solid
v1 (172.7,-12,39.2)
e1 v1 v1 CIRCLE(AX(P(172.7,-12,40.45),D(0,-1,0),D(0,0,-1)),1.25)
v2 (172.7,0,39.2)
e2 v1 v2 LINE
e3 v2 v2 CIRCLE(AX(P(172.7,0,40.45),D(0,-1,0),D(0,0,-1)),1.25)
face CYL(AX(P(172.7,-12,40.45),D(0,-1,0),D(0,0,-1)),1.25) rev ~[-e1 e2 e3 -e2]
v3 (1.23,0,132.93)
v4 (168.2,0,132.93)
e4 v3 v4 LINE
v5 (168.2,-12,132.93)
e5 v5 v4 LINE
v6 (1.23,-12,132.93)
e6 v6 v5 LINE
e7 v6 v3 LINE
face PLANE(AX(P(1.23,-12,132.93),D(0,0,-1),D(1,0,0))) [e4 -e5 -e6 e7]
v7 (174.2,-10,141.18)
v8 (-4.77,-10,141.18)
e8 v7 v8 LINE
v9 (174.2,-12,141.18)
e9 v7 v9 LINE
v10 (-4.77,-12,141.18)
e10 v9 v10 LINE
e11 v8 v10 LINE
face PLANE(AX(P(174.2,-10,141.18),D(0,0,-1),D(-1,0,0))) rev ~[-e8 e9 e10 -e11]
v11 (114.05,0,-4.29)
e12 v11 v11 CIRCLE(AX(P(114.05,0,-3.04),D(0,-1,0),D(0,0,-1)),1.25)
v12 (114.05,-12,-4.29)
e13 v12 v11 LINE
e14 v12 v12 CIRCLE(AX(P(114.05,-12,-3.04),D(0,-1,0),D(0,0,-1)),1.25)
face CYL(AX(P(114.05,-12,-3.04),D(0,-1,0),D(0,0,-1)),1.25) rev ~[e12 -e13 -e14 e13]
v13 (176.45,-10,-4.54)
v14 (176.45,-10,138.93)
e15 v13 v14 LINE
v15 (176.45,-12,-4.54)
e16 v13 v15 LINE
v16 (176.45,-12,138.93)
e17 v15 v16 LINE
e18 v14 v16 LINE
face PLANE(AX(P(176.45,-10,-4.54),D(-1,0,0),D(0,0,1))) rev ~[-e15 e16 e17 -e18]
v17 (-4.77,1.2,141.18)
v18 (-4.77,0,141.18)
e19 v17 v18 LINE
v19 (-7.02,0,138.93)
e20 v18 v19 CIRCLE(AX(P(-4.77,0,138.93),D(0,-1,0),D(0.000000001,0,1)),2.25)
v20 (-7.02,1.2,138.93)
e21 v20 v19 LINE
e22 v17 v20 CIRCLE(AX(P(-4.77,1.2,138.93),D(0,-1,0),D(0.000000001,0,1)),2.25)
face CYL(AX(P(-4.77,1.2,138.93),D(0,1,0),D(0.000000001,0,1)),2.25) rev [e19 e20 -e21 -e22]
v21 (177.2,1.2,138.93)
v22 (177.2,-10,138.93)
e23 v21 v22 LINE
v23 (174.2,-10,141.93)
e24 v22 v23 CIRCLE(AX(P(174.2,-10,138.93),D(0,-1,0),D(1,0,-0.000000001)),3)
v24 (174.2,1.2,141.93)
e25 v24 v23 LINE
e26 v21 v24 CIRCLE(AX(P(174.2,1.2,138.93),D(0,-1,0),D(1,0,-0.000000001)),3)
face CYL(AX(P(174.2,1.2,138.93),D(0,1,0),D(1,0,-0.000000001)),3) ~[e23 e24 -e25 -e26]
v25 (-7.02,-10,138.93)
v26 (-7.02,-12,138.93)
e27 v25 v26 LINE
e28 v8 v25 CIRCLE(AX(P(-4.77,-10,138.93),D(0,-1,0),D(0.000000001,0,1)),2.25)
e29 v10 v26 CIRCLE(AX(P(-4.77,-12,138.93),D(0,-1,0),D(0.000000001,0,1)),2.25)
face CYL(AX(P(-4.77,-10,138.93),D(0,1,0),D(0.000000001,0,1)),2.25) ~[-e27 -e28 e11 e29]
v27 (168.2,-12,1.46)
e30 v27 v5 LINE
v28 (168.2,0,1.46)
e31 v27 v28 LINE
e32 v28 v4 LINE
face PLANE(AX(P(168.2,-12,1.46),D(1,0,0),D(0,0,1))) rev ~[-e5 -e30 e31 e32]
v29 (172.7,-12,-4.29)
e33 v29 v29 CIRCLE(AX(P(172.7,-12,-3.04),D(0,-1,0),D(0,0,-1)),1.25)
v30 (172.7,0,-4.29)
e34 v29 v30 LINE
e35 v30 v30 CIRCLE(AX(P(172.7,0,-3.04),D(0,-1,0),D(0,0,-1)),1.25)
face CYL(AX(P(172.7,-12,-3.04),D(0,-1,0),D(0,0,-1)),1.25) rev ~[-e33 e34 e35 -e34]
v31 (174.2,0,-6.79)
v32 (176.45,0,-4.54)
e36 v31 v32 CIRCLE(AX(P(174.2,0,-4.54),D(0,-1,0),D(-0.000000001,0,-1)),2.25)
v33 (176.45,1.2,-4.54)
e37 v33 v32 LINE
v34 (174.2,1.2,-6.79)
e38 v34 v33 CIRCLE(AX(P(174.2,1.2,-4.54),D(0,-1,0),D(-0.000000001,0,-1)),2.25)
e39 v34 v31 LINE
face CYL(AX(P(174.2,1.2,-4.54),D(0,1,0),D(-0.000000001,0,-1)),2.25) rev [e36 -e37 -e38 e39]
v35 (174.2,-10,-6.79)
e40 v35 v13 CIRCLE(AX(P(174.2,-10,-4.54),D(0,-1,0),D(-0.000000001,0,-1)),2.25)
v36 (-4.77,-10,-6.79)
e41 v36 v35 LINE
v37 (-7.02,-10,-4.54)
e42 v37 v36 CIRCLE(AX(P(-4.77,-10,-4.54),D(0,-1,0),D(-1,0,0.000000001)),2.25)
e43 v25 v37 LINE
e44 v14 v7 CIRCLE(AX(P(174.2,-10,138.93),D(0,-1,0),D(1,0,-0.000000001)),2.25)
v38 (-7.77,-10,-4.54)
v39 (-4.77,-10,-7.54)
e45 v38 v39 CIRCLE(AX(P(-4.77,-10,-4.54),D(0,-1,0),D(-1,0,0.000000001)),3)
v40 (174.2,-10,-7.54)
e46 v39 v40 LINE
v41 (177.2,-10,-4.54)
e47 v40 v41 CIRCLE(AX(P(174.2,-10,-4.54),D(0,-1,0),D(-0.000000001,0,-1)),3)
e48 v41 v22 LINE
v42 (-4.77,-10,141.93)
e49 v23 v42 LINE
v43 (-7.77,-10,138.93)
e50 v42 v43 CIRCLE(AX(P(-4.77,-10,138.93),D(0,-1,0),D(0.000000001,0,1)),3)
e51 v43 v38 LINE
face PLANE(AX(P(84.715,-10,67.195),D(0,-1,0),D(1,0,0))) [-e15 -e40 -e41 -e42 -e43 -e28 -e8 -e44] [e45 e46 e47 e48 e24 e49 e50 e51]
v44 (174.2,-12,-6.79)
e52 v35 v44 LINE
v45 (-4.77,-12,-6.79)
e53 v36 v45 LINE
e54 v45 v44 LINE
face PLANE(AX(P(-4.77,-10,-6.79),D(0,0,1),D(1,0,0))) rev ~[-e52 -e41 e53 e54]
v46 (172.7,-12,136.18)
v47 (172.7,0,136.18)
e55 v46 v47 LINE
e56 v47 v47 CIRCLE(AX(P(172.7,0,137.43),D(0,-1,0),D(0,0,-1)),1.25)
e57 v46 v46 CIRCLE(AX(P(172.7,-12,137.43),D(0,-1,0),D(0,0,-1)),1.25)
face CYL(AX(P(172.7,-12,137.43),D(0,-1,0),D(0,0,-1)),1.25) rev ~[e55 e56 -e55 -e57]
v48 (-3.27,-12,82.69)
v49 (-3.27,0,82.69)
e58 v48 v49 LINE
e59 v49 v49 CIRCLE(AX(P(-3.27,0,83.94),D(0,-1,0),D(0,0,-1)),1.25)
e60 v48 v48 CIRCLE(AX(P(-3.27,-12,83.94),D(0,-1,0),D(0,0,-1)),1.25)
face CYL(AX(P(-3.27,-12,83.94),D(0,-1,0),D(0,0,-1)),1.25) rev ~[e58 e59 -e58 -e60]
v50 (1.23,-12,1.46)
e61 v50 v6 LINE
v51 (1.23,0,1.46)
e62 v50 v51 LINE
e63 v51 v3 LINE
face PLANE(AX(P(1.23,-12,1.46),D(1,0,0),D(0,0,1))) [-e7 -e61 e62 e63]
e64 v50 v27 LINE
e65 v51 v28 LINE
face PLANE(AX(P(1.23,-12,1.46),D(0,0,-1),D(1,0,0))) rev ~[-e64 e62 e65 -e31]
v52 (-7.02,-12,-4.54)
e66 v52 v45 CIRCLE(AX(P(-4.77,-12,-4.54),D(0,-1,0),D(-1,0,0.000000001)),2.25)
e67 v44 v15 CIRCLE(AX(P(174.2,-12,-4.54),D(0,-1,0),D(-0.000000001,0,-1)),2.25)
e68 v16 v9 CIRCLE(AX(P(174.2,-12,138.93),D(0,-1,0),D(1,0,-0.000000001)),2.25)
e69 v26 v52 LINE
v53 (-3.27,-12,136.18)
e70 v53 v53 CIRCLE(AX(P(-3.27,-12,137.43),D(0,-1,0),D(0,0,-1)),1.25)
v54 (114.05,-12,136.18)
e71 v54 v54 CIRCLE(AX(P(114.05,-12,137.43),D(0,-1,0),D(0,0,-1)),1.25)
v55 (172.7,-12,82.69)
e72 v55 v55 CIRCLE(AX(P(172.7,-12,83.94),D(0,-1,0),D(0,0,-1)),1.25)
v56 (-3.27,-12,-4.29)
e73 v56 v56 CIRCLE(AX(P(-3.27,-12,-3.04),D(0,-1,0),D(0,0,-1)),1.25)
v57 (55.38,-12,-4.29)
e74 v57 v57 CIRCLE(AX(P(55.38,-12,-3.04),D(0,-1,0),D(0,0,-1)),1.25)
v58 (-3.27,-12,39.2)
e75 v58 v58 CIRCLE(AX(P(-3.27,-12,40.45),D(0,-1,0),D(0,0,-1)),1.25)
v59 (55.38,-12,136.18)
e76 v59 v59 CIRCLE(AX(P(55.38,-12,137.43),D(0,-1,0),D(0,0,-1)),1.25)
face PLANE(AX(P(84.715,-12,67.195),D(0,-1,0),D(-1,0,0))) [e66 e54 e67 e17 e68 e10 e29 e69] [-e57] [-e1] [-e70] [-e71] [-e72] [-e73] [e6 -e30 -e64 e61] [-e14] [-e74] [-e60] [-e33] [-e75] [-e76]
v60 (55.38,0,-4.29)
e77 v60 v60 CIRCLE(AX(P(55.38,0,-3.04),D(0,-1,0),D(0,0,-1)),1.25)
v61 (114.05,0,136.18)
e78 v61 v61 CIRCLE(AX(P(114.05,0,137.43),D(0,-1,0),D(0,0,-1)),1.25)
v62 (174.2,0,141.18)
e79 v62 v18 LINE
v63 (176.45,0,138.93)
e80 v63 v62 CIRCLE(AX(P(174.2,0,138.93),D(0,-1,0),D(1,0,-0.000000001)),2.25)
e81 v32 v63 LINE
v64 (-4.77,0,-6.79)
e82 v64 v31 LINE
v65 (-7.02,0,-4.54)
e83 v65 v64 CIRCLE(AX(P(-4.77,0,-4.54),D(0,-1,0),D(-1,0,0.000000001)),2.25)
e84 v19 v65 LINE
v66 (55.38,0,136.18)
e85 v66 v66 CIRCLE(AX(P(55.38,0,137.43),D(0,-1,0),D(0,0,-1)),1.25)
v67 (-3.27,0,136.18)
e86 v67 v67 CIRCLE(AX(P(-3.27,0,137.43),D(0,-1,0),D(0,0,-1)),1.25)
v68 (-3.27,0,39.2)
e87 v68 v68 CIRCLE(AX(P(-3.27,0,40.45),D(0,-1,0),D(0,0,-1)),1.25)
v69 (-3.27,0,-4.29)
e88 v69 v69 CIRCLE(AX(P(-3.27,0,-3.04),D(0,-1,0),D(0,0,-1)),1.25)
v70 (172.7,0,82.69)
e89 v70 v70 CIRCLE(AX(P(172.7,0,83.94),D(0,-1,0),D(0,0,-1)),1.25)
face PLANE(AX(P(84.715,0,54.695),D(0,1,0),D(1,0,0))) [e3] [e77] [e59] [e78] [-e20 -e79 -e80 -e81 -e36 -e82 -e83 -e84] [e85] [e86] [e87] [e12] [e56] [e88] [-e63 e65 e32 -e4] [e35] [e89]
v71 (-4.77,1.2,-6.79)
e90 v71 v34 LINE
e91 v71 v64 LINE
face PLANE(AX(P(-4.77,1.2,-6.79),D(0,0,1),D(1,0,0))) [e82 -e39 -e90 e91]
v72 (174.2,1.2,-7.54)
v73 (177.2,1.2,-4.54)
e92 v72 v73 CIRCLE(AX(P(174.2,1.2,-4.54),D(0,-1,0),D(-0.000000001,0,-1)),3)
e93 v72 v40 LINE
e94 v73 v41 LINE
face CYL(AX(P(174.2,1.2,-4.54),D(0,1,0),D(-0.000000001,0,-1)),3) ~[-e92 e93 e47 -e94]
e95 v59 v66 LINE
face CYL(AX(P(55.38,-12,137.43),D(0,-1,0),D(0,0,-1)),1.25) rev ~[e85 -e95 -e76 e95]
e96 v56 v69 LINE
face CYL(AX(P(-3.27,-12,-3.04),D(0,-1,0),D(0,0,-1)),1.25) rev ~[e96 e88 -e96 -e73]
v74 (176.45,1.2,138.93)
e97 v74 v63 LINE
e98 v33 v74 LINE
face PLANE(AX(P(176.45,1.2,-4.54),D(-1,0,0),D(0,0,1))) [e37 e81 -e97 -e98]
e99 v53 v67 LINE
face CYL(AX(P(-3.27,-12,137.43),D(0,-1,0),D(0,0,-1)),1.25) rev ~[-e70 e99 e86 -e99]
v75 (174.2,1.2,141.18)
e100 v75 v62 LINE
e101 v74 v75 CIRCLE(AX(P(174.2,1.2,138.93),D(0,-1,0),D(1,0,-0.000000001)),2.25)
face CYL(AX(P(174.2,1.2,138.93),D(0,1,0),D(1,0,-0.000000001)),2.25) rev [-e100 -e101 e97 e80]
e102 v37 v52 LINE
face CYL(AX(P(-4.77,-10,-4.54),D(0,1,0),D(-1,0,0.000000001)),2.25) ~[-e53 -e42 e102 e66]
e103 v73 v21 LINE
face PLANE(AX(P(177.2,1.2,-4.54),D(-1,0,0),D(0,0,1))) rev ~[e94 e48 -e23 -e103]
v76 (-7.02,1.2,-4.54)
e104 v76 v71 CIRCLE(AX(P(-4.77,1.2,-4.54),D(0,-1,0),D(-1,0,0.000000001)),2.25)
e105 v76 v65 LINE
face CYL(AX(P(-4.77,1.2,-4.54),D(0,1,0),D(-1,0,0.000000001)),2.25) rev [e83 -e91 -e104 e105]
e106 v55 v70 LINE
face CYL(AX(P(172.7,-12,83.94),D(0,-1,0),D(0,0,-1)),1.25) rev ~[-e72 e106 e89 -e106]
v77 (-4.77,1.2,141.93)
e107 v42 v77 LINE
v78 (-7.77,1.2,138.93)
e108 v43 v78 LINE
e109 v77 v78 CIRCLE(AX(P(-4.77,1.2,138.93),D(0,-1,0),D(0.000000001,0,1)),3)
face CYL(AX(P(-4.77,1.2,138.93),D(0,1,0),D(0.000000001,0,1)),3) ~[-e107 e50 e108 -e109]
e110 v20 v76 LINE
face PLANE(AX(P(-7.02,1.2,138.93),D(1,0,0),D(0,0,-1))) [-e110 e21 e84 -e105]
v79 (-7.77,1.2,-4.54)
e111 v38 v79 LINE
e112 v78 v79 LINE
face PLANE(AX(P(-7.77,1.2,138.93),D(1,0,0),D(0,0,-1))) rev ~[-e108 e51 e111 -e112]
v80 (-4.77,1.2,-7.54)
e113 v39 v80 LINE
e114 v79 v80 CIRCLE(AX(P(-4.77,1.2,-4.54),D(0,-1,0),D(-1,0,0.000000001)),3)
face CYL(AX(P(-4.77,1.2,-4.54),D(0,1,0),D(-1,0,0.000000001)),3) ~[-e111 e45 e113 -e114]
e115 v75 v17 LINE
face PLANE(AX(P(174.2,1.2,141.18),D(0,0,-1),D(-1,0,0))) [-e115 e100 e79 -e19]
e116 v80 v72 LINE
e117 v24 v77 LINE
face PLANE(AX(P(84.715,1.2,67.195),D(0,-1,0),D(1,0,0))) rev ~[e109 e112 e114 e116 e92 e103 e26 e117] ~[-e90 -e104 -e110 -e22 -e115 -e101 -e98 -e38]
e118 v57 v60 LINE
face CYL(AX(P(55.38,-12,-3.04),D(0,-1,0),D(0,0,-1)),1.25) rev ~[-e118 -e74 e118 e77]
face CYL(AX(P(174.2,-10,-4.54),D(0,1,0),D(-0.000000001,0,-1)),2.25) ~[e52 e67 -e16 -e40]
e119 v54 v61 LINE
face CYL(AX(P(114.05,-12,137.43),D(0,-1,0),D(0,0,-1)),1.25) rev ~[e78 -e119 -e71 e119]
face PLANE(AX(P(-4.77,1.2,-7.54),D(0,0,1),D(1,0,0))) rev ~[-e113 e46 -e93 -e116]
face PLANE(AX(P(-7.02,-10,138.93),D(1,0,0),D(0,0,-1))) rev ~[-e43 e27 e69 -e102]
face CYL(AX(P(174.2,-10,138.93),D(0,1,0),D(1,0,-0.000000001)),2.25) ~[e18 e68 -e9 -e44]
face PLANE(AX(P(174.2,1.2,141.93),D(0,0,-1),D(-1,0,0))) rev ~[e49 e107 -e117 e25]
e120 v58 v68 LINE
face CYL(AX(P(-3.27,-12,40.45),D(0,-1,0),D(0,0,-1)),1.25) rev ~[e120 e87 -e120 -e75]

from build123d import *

# Parameters (mm, degrees)
SKETCH1_W           = 164.87
SKETCH1_H           = 104.3
SKETCH1_W_2         = 154.97
SKETCH1_H_2         = 94.47
BOSS_EXTRUDE1_DEPTH = 12
CUT_EXTRUDE3_REACH  = 229.35
SKETCH2_R           = 1.25
BOSS_EXTRUDE2_START = -13.2
BOSS_EXTRUDE2_DEPTH = 1.2
CUT_EXTRUDE4_REACH  = 229.416
SKETCH13_W          = 166.97
SKETCH13_H          = 131.47
CUT_EXTRUDE5_START  = -2
CUT_EXTRUDE5_DEPTH  = 2


with BuildPart() as part:
    # Sketch1 → Boss-Extrude1 (new body)
    # profile 1 of 3: a face of its own
    with BuildSketch(Plane(origin=(0, 0, 0), x_dir=(1, 0, 0), z_dir=(0, 1, 0))):
        with BuildLine():
            ThreePointArc((174.2, 7.54), (176.321320344, 6.661320344), (177.2, 4.54))
            Line((177.2, 4.54), (177.2, -138.93))
            ThreePointArc((177.2, -138.93), (176.321320344, -141.051320344), (174.2, -141.93))
            Line((174.2, -141.93), (-4.77, -141.93))
            ThreePointArc((-4.77, -141.93), (-6.891320344, -141.051320344), (-7.77, -138.93))
            Line((-7.77, -138.93), (-7.77, 4.54))
            ThreePointArc((-7.77, 4.54), (-6.891320344, 6.661320344), (-4.77, 7.54))
            Line((-4.77, 7.54), (174.2, 7.54))
        make_face()
        with Locations((82.435, -52.15)):
            Rectangle(SKETCH1_W, SKETCH1_H, mode=Mode.SUBTRACT)
    # profile 2 of 3: a face of its own
    with BuildSketch(Plane(origin=(0, 0, 0), x_dir=(1, 0, 0), z_dir=(0, 1, 0))):
        with Locations((82.435, -52.15)):
            Rectangle(SKETCH1_W, SKETCH1_H)
        with Locations((84.715, -54.695)):
            Rectangle(SKETCH1_W_2, SKETCH1_H_2, mode=Mode.SUBTRACT)
    # profile 3 of 3: a face of its own
    with BuildSketch(Plane(origin=(0, 0, 0), x_dir=(1, 0, 0), z_dir=(0, 1, 0))):
        with Locations((84.715, -54.695)):
            Rectangle(SKETCH1_W_2, SKETCH1_H_2)
    extrude(amount=-BOSS_EXTRUDE1_DEPTH)

    # Sketch2 → Cut-Extrude3 (cut, up to next)
    with BuildSketch(Plane.XZ.offset(12), mode=Mode.PRIVATE) as cut_extrude3_sk1:
        with Locations(Location((172.7, -3.04, 0), (0, 0, 270))):
            Circle(SKETCH2_R)
    cut_extrude3_tool1 = extrude(cut_extrude3_sk1.sketch, amount=-CUT_EXTRUDE3_REACH, mode=Mode.PRIVATE) & part.part
    # Sketch2 → Cut-Extrude3 (cut, up to next)
    with BuildSketch(Plane.XZ.offset(12), mode=Mode.PRIVATE) as cut_extrude3_sk2:
        with Locations(Location((114.05, -3.04, 0), (0, 0, 270))):
            Circle(SKETCH2_R)
    cut_extrude3_tool2 = extrude(cut_extrude3_sk2.sketch, amount=-CUT_EXTRUDE3_REACH, mode=Mode.PRIVATE) & part.part
    # Sketch2 → Cut-Extrude3 (cut, up to next)
    with BuildSketch(Plane.XZ.offset(12), mode=Mode.PRIVATE) as cut_extrude3_sk3:
        with Locations(Location((-3.27, -3.04, 0), (0, 0, 270))):
            Circle(SKETCH2_R)
    cut_extrude3_tool3 = extrude(cut_extrude3_sk3.sketch, amount=-CUT_EXTRUDE3_REACH, mode=Mode.PRIVATE) & part.part
    # Sketch2 → Cut-Extrude3 (cut, up to next)
    with BuildSketch(Plane.XZ.offset(12), mode=Mode.PRIVATE) as cut_extrude3_sk4:
        with Locations(Location((-3.27, 83.94, 0), (0, 0, 270))):
            Circle(SKETCH2_R)
    cut_extrude3_tool4 = extrude(cut_extrude3_sk4.sketch, amount=-CUT_EXTRUDE3_REACH, mode=Mode.PRIVATE) & part.part
    # Sketch2 → Cut-Extrude3 (cut, up to next)
    with BuildSketch(Plane.XZ.offset(12), mode=Mode.PRIVATE) as cut_extrude3_sk5:
        with Locations(Location((-3.27, 137.43, 0), (0, 0, 270))):
            Circle(SKETCH2_R)
    cut_extrude3_tool5 = extrude(cut_extrude3_sk5.sketch, amount=-CUT_EXTRUDE3_REACH, mode=Mode.PRIVATE) & part.part
    # Sketch2 → Cut-Extrude3 (cut, up to next)
    with BuildSketch(Plane.XZ.offset(12), mode=Mode.PRIVATE) as cut_extrude3_sk6:
        with Locations(Location((55.38, 137.43, 0), (0, 0, 270))):
            Circle(SKETCH2_R)
    cut_extrude3_tool6 = extrude(cut_extrude3_sk6.sketch, amount=-CUT_EXTRUDE3_REACH, mode=Mode.PRIVATE) & part.part
    # Sketch2 → Cut-Extrude3 (cut, up to next)
    with BuildSketch(Plane.XZ.offset(12), mode=Mode.PRIVATE) as cut_extrude3_sk7:
        with Locations(Location((114.05, 137.43, 0), (0, 0, 270))):
            Circle(SKETCH2_R)
    cut_extrude3_tool7 = extrude(cut_extrude3_sk7.sketch, amount=-CUT_EXTRUDE3_REACH, mode=Mode.PRIVATE) & part.part
    # Sketch2 → Cut-Extrude3 (cut, up to next)
    with BuildSketch(Plane.XZ.offset(12), mode=Mode.PRIVATE) as cut_extrude3_sk8:
        with Locations(Location((172.7, 137.43, 0), (0, 0, 270))):
            Circle(SKETCH2_R)
    cut_extrude3_tool8 = extrude(cut_extrude3_sk8.sketch, amount=-CUT_EXTRUDE3_REACH, mode=Mode.PRIVATE) & part.part
    # Sketch2 → Cut-Extrude3 (cut, up to next)
    with BuildSketch(Plane.XZ.offset(12), mode=Mode.PRIVATE) as cut_extrude3_sk9:
        with Locations(Location((172.7, 83.94, 0), (0, 0, 270))):
            Circle(SKETCH2_R)
    cut_extrude3_tool9 = extrude(cut_extrude3_sk9.sketch, amount=-CUT_EXTRUDE3_REACH, mode=Mode.PRIVATE) & part.part
    # Sketch2 → Cut-Extrude3 (cut, up to next)
    with BuildSketch(Plane.XZ.offset(12), mode=Mode.PRIVATE) as cut_extrude3_sk10:
        with Locations(Location((172.7, 40.45, 0), (0, 0, 270))):
            Circle(SKETCH2_R)
    cut_extrude3_tool10 = extrude(cut_extrude3_sk10.sketch, amount=-CUT_EXTRUDE3_REACH, mode=Mode.PRIVATE) & part.part
    # Sketch2 → Cut-Extrude3 (cut, up to next)
    with BuildSketch(Plane.XZ.offset(12), mode=Mode.PRIVATE) as cut_extrude3_sk11:
        with Locations(Location((55.38, -3.04, 0), (0, 0, 270))):
            Circle(SKETCH2_R)
    cut_extrude3_tool11 = extrude(cut_extrude3_sk11.sketch, amount=-CUT_EXTRUDE3_REACH, mode=Mode.PRIVATE) & part.part
    # Sketch2 → Cut-Extrude3 (cut, up to next)
    with BuildSketch(Plane.XZ.offset(12), mode=Mode.PRIVATE) as cut_extrude3_sk12:
        with Locations(Location((-3.27, 40.45, 0), (0, 0, 270))):
            Circle(SKETCH2_R)
    cut_extrude3_tool12 = extrude(cut_extrude3_sk12.sketch, amount=-CUT_EXTRUDE3_REACH, mode=Mode.PRIVATE) & part.part
    add(cut_extrude3_tool1.solids().sort_by_distance((172.7, -12, -3.04))[0], mode=Mode.SUBTRACT)
    add(cut_extrude3_tool2.solids().sort_by_distance((114.05, -12, -3.04))[0], mode=Mode.SUBTRACT)
    add(cut_extrude3_tool3.solids().sort_by_distance((-3.27, -12, -3.04))[0], mode=Mode.SUBTRACT)
    add(cut_extrude3_tool4.solids().sort_by_distance((-3.27, -12, 83.94))[0], mode=Mode.SUBTRACT)
    add(cut_extrude3_tool5.solids().sort_by_distance((-3.27, -12, 137.43))[0], mode=Mode.SUBTRACT)
    add(cut_extrude3_tool6.solids().sort_by_distance((55.38, -12, 137.43))[0], mode=Mode.SUBTRACT)
    add(cut_extrude3_tool7.solids().sort_by_distance((114.05, -12, 137.43))[0], mode=Mode.SUBTRACT)
    add(cut_extrude3_tool8.solids().sort_by_distance((172.7, -12, 137.43))[0], mode=Mode.SUBTRACT)
    add(cut_extrude3_tool9.solids().sort_by_distance((172.7, -12, 83.94))[0], mode=Mode.SUBTRACT)
    add(cut_extrude3_tool10.solids().sort_by_distance((172.7, -12, 40.45))[0], mode=Mode.SUBTRACT)
    add(cut_extrude3_tool11.solids().sort_by_distance((55.38, -12, -3.04))[0], mode=Mode.SUBTRACT)
    add(cut_extrude3_tool12.solids().sort_by_distance((-3.27, -12, 40.45))[0], mode=Mode.SUBTRACT)

    # Sketch12 → Boss-Extrude2 (add)
    with BuildSketch(Plane.XZ.offset(12).offset(BOSS_EXTRUDE2_START)):
        with BuildLine():
            Line((-4.77, -7.54), (174.2, -7.54))
            ThreePointArc((174.2, -7.54), (176.321320344, -6.661320344), (177.2, -4.54))
            Line((177.2, -4.54), (177.2, 138.93))
            ThreePointArc((177.2, 138.93), (176.321320344, 141.051320344), (174.2, 141.93))
            Line((174.2, 141.93), (-4.77, 141.93))
            ThreePointArc((-4.77, 141.93), (-6.891320344, 141.051320344), (-7.77, 138.93))
            Line((-7.77, 138.93), (-7.77, -4.54))
            ThreePointArc((-7.77, -4.54), (-6.891320344, -6.661320344), (-4.77, -7.54))
        make_face()
        with BuildLine():
            ThreePointArc((174.2, -6.79), (175.790990258, -6.130990258), (176.45, -4.54))
            Line((176.45, -4.54), (176.45, 138.93))
            ThreePointArc((176.45, 138.93), (175.790990258, 140.520990258), (174.2, 141.18))
            Line((174.2, 141.18), (-4.77, 141.18))
            ThreePointArc((-4.77, 141.18), (-6.360990258, 140.520990258), (-7.02, 138.93))
            Line((-7.02, 138.93), (-7.02, -4.54))
            ThreePointArc((-7.02, -4.54), (-6.360990258, -6.130990258), (-4.77, -6.79))
            Line((-4.77, -6.79), (174.2, -6.79))
        make_face(mode=Mode.SUBTRACT)
    extrude(amount=BOSS_EXTRUDE2_DEPTH)

    # Sketch13 → Cut-Extrude4 (cut, up to next)
    with BuildSketch(Plane.XZ.offset(12), mode=Mode.PRIVATE) as cut_extrude4_sk1:
        with Locations((84.715, 67.195)):
            Rectangle(SKETCH13_W, SKETCH13_H)
    cut_extrude4_tool1 = extrude(cut_extrude4_sk1.sketch, amount=-CUT_EXTRUDE4_REACH, mode=Mode.PRIVATE) & part.part
    add(cut_extrude4_tool1.solids().sort_by_distance((84.715, -12, 67.195))[0], mode=Mode.SUBTRACT)

    # Sketch12<4> → Cut-Extrude5 (cut)
    with BuildSketch(Plane.XZ.offset(12).offset(CUT_EXTRUDE5_START)):
        with BuildLine():
            Line((-4.77, -7.54), (174.2, -7.54))
            ThreePointArc((174.2, -7.54), (176.321320344, -6.661320344), (177.2, -4.54))
            Line((177.2, -4.54), (177.2, 138.93))
            ThreePointArc((177.2, 138.93), (176.321320344, 141.051320344), (174.2, 141.93))
            Line((174.2, 141.93), (-4.77, 141.93))
            ThreePointArc((-4.77, 141.93), (-6.891320344, 141.051320344), (-7.77, 138.93))
            Line((-7.77, 138.93), (-7.77, -4.54))
            ThreePointArc((-7.77, -4.54), (-6.891320344, -6.661320344), (-4.77, -7.54))
        make_face()
        with BuildLine():
            ThreePointArc((174.2, -6.79), (175.790990258, -6.130990258), (176.45, -4.54))
            Line((176.45, -4.54), (176.45, 138.93))
            ThreePointArc((176.45, 138.93), (175.790990258, 140.520990258), (174.2, 141.18))
            Line((174.2, 141.18), (-4.77, 141.18))
            ThreePointArc((-4.77, 141.18), (-6.360990258, 140.520990258), (-7.02, 138.93))
            Line((-7.02, 138.93), (-7.02, -4.54))
            ThreePointArc((-7.02, -4.54), (-6.360990258, -6.130990258), (-4.77, -6.79))
            Line((-4.77, -6.79), (174.2, -6.79))
        make_face(mode=Mode.SUBTRACT)
    extrude(amount=CUT_EXTRUDE5_DEPTH, mode=Mode.SUBTRACT)


solid = part.part
